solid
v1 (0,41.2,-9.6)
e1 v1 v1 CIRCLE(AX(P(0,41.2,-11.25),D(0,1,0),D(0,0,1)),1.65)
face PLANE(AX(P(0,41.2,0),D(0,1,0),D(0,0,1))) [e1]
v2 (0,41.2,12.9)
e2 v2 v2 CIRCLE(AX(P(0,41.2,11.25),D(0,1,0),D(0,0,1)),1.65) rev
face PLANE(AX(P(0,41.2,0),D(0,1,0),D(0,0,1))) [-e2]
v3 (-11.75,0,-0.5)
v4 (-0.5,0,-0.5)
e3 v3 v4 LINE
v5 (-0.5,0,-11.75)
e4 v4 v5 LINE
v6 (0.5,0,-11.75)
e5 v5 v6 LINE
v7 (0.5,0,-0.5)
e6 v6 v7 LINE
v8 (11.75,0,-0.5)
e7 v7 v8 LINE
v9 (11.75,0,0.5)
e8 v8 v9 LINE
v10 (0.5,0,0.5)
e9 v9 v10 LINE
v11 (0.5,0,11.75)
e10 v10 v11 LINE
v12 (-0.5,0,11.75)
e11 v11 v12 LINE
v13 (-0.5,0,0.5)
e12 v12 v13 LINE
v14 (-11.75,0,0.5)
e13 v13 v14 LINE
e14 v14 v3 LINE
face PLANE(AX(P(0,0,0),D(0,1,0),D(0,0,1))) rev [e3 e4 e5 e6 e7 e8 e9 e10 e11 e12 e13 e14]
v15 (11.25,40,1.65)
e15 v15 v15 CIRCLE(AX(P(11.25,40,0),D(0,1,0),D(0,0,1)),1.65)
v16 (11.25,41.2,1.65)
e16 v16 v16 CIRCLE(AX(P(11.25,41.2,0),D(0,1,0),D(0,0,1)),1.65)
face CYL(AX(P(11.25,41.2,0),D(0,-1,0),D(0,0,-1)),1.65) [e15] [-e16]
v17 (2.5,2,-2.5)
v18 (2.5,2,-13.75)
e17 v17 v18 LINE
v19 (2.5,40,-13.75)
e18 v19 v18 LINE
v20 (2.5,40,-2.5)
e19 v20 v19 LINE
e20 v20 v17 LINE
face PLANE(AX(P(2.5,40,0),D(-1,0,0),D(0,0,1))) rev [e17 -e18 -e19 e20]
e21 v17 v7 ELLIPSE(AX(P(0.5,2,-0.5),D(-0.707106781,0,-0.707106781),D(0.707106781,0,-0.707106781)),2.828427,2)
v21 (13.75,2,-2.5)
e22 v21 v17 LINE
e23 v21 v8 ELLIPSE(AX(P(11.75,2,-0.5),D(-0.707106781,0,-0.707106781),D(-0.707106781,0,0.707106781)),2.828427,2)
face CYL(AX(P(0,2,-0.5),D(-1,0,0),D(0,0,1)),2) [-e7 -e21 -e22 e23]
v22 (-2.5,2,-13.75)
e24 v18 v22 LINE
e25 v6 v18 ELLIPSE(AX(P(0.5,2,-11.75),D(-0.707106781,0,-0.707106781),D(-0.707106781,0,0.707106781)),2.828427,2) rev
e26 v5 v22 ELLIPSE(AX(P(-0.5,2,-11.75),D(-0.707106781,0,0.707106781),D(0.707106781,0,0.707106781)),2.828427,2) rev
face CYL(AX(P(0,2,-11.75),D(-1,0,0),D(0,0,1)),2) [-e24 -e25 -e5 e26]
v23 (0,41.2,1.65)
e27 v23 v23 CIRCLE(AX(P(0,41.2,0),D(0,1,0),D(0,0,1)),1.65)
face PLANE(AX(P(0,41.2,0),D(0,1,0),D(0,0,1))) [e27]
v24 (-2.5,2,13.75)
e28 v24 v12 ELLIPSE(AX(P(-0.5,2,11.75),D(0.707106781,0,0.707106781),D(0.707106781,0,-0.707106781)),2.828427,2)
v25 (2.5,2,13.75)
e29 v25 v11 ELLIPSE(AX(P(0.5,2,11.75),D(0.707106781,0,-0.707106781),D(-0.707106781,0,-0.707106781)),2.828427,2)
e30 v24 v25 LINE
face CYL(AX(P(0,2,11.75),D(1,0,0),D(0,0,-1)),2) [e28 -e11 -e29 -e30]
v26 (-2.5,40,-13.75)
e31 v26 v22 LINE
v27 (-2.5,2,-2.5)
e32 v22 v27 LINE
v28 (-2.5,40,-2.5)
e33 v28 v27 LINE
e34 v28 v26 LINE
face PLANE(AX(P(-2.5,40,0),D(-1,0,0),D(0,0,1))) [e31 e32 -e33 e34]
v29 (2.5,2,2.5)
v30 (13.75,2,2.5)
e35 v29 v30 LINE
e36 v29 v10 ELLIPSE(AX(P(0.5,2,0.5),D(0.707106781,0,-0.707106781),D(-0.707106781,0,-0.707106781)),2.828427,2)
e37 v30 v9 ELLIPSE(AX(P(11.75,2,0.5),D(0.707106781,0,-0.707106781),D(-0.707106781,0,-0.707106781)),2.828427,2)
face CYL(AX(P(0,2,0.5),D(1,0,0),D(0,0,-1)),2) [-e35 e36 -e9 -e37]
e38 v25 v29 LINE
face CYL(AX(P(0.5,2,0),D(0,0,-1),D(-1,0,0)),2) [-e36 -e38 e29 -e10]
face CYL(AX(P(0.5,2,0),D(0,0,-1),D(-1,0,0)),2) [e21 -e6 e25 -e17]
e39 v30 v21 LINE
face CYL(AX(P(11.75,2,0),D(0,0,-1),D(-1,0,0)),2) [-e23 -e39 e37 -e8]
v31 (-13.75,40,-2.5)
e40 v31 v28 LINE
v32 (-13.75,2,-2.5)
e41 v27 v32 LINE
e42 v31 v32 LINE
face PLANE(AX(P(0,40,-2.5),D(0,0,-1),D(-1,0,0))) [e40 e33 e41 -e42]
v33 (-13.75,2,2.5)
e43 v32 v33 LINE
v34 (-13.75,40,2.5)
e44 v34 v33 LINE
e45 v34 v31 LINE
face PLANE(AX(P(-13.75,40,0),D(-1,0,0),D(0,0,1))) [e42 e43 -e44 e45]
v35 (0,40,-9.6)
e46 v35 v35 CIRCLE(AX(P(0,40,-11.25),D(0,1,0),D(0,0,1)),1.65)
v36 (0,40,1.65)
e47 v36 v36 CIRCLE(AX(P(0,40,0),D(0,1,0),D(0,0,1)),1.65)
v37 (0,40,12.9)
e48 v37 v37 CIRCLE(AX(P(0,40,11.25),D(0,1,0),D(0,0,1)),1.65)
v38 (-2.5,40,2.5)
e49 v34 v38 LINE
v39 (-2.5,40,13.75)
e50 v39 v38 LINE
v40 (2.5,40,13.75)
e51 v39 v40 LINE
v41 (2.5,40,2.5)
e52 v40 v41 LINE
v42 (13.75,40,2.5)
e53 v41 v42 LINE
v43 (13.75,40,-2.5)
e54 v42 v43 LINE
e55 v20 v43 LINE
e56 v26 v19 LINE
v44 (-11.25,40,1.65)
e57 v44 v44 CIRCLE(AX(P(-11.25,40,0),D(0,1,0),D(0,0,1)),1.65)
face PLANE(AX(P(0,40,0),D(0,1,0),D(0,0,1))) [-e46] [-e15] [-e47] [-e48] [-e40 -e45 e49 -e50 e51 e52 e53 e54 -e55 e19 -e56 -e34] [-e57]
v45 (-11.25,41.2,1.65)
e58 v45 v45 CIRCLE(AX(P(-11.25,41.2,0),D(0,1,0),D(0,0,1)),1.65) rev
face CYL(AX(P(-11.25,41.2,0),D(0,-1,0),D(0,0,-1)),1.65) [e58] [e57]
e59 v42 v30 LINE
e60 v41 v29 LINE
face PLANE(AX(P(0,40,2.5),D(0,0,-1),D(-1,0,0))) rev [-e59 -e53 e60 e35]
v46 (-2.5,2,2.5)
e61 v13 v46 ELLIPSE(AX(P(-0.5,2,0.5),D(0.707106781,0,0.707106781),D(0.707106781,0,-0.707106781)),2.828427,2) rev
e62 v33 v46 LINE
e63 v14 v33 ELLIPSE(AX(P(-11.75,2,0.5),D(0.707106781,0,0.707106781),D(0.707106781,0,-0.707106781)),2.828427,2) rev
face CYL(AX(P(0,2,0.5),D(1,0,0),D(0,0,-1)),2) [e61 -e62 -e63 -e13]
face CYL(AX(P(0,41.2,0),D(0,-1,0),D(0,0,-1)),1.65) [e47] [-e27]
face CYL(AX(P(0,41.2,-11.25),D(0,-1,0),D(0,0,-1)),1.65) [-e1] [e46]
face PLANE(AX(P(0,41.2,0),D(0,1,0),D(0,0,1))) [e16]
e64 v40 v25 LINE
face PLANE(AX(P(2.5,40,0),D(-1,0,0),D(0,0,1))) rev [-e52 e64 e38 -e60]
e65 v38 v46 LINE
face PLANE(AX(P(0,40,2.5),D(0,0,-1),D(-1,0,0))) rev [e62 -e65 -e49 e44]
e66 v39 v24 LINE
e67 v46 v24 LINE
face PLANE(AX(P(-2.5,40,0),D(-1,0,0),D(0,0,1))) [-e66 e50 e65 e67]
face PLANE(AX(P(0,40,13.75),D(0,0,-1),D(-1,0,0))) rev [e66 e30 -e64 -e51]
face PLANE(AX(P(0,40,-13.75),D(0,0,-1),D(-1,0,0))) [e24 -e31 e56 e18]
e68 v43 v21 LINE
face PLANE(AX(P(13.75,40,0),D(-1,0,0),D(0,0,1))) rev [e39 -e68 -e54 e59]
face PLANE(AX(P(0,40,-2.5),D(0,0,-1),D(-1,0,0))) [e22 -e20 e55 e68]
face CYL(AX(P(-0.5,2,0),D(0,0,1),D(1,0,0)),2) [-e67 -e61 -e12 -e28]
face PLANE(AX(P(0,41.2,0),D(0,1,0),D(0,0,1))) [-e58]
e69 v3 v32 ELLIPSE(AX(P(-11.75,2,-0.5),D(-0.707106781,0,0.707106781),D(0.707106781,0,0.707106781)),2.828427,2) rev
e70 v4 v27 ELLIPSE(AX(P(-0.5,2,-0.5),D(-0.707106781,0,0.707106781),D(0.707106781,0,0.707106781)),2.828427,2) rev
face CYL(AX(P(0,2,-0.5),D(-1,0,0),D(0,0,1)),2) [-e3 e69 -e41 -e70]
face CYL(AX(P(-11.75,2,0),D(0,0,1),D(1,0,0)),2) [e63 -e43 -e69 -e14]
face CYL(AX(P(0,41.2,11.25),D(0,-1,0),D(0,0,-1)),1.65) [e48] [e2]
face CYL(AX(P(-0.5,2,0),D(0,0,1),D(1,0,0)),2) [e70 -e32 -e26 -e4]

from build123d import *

# Parameters (mm, degrees)
BOSS_EXTRUDE1_DEPTH = 40
SKETCH2_R           = 1.65
BOSS_EXTRUDE2_DEPTH = 1.2
FILLET2_R           = 2


with BuildPart() as part:
    # Sketch1 → Boss-Extrude1 (new body)
    with BuildSketch(Plane(origin=(0, 0, 0), x_dir=(1, 0, 0), z_dir=(0, 1, 0))):
        Polygon((-2.5, -13.75), (2.5, -13.75), (2.5, -2.5), (13.75, -2.5), (13.75, 2.5), (2.5, 2.5), (2.5, 13.75), (-2.5, 13.75), (-2.5, 2.5), (-13.75, 2.5), (-13.75, -2.5), (-2.5, -2.5), align=None)
    extrude(amount=BOSS_EXTRUDE1_DEPTH)

    # Sketch2 → Boss-Extrude2 (add)
    with BuildSketch(Plane(origin=(0, 40, 0), x_dir=(1, 0, 0), z_dir=(0, 1, 0))):
        with Locations(Location((0, 0, 0), (0, 0, 270))):
            Circle(SKETCH2_R)
        with Locations(Location((11.25, 0, 0), (0, 0, 270))):
            Circle(SKETCH2_R)
        with Locations(Location((-11.25, 0, 0), (0, 0, 270))):
            Circle(SKETCH2_R)
        with Locations(Location((0, 11.25, 0), (0, 0, 270))):
            Circle(SKETCH2_R)
        with Locations(Location((0, -11.25, 0), (0, 0, 270))):
            Circle(SKETCH2_R)
    extrude(amount=BOSS_EXTRUDE2_DEPTH)

    # Fillet2
    fillet2_edges = [part.edges().sort_by_distance(p)[0] for p in [
        (13.75, 0, 0),
        (8.125, 0, 2.5),
        (2.5, 0, 8.125),
        (0, 0, 13.75),
        (-2.5, 0, 8.125),
        (-8.125, 0, 2.5),
        (-13.75, 0, 0),
        (-8.125, 0, -2.5),
        (-2.5, 0, -8.125),
        (0, 0, -13.75),
        (2.5, 0, -8.125),
        (8.125, 0, -2.5),
    ]]
    fillet(fillet2_edges, radius=FILLET2_R)


solid = part.part
